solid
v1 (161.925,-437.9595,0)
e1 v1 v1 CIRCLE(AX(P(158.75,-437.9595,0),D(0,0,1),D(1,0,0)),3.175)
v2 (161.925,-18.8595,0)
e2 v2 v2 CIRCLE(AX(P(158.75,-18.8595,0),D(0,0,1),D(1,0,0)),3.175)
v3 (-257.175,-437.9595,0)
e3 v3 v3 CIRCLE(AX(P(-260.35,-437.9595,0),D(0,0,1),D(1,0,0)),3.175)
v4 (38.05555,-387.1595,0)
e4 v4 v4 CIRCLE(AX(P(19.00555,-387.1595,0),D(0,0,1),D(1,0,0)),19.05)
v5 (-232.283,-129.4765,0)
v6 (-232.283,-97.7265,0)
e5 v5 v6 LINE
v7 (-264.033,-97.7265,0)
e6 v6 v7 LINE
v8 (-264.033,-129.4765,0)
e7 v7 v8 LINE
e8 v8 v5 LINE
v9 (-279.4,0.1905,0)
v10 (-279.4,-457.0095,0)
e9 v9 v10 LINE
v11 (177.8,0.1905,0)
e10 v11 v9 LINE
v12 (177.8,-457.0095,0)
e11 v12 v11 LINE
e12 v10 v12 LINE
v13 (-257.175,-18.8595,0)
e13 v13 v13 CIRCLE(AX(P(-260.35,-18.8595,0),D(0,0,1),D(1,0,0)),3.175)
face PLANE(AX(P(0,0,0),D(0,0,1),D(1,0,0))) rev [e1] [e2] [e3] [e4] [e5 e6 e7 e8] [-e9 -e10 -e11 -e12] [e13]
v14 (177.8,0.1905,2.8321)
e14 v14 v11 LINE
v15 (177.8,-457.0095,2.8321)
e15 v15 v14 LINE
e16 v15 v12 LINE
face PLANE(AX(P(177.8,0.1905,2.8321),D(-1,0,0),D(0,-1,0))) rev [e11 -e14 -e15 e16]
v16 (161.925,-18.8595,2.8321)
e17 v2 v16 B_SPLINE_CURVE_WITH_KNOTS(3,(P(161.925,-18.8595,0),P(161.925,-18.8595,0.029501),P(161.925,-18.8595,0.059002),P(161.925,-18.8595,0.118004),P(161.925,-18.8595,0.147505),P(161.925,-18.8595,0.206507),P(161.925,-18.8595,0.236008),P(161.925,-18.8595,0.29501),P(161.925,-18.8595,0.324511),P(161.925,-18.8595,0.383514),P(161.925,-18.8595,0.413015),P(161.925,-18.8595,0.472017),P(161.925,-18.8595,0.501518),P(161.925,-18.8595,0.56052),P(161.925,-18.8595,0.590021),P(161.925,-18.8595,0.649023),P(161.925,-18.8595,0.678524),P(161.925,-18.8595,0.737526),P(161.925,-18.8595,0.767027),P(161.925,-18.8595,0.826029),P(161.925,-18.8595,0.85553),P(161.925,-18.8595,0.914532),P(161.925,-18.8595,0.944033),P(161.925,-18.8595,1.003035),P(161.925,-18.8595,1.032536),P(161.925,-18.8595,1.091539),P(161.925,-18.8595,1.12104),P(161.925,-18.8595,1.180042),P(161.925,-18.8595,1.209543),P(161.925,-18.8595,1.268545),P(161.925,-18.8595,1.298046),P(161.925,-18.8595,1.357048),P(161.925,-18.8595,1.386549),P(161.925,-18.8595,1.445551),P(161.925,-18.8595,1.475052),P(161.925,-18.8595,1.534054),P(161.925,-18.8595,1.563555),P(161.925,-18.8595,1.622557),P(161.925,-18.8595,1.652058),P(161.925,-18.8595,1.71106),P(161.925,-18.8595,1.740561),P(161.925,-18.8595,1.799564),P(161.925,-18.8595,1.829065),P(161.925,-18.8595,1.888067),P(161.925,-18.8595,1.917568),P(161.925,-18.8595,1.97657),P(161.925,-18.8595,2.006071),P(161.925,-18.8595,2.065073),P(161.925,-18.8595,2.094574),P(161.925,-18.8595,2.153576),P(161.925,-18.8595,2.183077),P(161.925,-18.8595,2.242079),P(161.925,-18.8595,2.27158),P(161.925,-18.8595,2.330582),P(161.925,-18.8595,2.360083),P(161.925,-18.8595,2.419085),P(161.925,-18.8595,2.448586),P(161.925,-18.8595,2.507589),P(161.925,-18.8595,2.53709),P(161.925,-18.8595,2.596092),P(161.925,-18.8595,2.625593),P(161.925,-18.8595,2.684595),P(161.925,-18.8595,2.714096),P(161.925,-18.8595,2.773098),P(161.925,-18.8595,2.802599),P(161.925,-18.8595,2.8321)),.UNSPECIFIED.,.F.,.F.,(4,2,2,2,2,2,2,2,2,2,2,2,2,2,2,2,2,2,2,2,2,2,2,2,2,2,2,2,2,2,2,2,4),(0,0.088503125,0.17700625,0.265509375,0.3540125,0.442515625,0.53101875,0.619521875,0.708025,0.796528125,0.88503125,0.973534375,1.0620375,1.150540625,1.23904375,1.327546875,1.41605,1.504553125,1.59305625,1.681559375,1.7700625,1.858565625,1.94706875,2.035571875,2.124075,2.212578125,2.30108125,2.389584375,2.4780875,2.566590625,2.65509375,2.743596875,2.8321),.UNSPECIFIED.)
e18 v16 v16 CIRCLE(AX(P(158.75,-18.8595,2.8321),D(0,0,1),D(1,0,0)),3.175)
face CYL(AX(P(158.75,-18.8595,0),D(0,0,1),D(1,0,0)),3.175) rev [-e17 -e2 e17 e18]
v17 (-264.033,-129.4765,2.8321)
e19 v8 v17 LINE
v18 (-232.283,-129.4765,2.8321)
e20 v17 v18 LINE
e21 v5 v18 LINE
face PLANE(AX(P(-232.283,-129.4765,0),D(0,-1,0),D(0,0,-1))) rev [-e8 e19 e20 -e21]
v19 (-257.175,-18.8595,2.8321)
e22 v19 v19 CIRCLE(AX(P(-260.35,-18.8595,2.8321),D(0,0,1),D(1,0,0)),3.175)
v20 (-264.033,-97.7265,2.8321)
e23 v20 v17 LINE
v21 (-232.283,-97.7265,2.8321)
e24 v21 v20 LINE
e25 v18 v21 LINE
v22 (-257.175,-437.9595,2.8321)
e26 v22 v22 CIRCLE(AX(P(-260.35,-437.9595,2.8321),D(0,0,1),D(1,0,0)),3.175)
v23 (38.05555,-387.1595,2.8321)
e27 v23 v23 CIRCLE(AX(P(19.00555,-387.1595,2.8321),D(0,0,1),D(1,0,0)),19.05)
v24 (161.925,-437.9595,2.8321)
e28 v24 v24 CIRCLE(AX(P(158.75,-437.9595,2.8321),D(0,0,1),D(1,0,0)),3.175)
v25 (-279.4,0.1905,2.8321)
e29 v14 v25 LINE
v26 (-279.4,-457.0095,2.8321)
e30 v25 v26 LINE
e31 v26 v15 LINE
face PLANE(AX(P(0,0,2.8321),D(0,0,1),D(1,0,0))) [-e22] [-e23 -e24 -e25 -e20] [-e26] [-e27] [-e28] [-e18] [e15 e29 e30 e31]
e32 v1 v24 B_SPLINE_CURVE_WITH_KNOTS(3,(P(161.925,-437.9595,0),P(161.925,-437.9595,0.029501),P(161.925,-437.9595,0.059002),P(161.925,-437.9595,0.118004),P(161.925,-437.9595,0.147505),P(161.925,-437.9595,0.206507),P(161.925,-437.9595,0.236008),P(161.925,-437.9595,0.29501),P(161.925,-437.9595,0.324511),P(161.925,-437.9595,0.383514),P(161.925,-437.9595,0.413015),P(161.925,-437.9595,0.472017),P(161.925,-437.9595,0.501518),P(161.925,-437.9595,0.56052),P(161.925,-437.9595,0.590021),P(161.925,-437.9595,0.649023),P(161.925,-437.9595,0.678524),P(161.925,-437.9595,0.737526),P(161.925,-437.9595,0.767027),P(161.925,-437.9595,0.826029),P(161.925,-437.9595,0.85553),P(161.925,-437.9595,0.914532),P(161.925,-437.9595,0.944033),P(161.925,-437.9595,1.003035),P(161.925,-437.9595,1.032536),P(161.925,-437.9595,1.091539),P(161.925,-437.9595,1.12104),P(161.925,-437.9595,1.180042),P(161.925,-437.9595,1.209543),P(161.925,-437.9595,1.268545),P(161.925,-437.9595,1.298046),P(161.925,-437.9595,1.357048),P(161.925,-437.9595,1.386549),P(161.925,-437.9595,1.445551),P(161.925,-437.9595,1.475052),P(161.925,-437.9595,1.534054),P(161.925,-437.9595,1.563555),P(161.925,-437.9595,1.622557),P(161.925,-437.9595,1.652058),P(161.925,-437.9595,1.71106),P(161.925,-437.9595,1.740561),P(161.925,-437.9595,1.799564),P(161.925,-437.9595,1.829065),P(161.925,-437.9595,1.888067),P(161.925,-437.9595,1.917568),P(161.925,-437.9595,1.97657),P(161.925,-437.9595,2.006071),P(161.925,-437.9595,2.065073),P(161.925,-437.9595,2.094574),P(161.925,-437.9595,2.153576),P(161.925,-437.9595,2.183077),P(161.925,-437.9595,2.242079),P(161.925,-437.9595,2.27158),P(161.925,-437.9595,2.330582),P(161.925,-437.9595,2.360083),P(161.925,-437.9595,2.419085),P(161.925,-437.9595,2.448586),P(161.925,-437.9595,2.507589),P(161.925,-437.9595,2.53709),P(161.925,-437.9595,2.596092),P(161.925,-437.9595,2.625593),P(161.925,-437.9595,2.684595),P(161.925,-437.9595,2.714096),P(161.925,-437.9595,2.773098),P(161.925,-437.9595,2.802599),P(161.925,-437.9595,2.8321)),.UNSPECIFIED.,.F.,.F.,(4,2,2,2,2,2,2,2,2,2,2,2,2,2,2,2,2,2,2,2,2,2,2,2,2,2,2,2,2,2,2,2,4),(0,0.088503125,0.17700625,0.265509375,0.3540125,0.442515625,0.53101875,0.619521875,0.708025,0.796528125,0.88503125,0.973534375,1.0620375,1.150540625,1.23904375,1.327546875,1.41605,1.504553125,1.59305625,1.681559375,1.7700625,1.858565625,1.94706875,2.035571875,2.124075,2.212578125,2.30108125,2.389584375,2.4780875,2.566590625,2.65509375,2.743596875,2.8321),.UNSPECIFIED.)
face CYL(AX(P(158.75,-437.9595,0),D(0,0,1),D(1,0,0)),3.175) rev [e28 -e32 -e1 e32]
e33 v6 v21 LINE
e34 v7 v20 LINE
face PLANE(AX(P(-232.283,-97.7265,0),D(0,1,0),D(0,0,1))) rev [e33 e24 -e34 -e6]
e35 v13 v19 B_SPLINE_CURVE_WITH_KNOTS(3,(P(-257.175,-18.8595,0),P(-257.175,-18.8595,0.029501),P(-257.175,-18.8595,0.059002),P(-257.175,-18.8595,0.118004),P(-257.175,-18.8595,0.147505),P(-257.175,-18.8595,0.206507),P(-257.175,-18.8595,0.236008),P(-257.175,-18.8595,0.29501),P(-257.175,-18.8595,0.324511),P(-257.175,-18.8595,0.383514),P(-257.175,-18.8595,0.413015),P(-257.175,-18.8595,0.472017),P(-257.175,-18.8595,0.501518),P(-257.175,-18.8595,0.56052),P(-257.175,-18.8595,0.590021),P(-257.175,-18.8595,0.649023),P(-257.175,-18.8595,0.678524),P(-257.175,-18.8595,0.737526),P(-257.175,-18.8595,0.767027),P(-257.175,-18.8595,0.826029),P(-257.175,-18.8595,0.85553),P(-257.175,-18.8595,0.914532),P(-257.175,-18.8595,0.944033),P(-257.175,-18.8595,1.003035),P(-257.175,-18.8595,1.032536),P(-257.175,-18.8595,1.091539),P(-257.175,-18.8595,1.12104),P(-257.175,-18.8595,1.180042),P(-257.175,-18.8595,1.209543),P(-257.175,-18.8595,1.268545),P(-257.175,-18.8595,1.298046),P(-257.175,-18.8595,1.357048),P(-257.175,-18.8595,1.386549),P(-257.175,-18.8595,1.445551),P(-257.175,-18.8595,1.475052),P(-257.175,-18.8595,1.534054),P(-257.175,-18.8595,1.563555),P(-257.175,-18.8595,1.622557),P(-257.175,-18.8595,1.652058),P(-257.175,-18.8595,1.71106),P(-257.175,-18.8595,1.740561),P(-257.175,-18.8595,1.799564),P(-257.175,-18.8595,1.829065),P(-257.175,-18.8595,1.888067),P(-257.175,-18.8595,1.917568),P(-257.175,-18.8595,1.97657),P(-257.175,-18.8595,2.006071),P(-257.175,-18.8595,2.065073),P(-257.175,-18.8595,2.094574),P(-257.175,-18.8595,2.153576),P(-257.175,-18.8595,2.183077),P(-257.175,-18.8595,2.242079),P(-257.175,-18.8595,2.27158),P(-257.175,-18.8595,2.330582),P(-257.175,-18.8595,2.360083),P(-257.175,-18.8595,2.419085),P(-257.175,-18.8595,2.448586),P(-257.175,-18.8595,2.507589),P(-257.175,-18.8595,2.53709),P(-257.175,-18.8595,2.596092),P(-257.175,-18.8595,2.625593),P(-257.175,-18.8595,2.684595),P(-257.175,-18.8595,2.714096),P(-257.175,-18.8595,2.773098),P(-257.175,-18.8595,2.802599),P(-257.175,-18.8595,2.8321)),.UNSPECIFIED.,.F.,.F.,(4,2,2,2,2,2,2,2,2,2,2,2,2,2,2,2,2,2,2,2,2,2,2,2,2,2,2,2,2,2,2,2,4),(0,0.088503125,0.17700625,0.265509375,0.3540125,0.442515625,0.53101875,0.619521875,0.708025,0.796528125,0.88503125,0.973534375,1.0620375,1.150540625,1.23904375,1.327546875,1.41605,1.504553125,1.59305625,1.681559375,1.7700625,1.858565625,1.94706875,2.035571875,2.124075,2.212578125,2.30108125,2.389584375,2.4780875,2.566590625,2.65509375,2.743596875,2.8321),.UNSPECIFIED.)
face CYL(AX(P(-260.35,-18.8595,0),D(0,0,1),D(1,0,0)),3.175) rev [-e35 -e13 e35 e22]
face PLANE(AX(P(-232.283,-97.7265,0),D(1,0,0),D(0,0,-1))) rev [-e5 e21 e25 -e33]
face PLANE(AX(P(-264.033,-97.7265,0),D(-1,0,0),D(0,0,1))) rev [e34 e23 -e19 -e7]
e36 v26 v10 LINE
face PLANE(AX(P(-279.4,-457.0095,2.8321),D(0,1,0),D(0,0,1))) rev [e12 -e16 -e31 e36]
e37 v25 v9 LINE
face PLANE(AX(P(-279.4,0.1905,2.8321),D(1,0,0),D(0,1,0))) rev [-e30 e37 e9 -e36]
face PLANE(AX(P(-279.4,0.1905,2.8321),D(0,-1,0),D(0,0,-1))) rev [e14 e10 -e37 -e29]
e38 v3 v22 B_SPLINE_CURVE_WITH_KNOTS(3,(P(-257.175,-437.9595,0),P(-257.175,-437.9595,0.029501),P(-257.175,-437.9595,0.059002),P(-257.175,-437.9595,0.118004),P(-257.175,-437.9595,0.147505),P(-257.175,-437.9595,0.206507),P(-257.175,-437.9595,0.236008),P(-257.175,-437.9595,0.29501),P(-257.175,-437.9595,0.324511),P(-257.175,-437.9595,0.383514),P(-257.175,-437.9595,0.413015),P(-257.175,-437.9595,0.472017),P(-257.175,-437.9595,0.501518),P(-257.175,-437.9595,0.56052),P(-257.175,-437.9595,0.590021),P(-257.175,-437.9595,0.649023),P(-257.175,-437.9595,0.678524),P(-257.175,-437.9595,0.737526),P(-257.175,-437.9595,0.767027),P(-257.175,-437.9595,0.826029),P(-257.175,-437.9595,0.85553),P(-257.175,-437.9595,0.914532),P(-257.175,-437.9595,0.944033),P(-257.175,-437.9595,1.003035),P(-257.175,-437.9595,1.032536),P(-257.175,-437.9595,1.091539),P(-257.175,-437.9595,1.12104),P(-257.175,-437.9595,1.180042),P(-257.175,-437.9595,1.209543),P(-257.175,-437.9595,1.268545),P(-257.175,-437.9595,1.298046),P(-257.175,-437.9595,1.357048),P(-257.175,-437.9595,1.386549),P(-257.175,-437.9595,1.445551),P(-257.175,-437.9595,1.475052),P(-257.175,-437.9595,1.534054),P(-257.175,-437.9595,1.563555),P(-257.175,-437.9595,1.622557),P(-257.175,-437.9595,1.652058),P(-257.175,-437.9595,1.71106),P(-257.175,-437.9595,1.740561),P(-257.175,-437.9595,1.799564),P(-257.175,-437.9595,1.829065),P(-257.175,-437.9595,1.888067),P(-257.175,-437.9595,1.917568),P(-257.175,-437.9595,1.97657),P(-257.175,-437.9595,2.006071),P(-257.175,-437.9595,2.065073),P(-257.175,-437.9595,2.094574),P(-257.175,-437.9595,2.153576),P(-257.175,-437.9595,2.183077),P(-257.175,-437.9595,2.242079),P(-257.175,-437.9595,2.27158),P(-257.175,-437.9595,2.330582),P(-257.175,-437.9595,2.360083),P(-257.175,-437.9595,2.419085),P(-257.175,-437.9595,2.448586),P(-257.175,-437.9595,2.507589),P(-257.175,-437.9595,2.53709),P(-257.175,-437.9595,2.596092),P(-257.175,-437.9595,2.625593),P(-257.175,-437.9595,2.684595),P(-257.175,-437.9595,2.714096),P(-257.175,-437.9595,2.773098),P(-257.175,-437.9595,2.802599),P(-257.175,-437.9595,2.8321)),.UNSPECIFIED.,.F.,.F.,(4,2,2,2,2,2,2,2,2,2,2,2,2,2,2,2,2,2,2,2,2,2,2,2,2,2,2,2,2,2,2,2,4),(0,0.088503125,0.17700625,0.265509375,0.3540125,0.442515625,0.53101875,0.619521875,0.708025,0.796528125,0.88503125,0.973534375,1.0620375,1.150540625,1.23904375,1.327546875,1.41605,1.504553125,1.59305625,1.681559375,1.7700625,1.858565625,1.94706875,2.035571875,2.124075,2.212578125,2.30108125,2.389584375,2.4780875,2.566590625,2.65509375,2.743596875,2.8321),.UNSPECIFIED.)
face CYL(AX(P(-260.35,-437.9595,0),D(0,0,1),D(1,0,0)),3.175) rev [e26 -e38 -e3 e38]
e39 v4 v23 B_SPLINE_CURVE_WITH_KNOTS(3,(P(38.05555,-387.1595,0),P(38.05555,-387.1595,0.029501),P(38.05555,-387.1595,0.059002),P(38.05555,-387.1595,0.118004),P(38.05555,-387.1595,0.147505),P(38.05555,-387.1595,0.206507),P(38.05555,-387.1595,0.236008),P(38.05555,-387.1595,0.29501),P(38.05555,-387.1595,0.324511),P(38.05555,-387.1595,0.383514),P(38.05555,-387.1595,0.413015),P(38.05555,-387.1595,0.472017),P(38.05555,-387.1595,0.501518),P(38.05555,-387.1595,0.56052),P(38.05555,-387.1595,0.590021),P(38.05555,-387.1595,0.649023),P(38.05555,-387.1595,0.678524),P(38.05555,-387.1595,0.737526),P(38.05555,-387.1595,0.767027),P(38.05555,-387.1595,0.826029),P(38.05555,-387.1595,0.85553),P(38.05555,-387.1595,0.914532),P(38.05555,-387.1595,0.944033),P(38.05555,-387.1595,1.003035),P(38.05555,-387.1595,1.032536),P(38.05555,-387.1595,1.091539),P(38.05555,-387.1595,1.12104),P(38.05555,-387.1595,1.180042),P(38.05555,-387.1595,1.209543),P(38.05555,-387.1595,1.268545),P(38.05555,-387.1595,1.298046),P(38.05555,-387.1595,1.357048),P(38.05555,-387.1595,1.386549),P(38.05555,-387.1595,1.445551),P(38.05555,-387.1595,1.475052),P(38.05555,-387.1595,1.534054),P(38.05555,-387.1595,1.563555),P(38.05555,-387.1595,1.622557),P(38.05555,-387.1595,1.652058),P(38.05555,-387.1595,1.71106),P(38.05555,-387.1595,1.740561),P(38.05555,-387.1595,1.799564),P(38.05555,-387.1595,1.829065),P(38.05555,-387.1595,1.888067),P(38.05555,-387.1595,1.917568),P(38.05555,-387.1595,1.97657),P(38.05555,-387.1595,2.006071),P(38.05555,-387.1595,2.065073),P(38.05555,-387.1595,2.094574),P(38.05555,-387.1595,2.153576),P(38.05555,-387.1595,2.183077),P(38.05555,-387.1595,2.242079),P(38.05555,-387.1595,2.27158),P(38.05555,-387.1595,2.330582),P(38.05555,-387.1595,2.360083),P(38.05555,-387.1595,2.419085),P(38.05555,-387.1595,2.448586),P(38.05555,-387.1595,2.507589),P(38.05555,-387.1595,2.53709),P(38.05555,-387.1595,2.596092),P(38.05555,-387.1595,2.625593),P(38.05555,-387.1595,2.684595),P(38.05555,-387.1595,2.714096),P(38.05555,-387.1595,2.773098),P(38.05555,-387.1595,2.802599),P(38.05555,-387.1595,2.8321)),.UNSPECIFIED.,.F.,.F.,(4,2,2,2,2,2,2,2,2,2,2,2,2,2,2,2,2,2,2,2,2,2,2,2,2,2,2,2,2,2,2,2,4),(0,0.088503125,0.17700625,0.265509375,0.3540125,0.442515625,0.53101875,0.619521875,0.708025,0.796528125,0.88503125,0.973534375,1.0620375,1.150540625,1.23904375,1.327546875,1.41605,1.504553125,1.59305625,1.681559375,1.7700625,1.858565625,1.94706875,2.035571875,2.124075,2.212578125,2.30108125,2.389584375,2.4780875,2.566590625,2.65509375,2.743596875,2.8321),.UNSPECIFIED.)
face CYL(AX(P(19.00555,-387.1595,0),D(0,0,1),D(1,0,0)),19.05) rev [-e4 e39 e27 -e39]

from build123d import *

# Parameters (mm, degrees)
SKETCH1_W           = 457.2
SKETCH1_H           = 457.2
BOSS_EXTRUDE1_DEPTH = 2.8321
SKETCH2_R           = 3.175
SKETCH2_R_2         = 19.05
SKETCH2_W           = 31.75
SKETCH2_H           = 31.75
CUT_EXTRUDE1_DEPTH  = 536.658532911


with BuildPart() as part:
    # Sketch1 → Boss-Extrude1 (new body)
    with BuildSketch(Plane.XY):
        with Locations((-50.8, -228.4095)):
            Rectangle(SKETCH1_W, SKETCH1_H)
    extrude(amount=BOSS_EXTRUDE1_DEPTH)

    # Sketch2 → Cut-Extrude1 (cut, through all)
    with BuildSketch(Plane.XY.offset(2.8321)):
        with Locations((-260.35, -18.8595)):
            Circle(SKETCH2_R)
        with Locations((-260.35, -437.9595)):
            Circle(SKETCH2_R)
        with Locations((158.75, -437.9595)):
            Circle(SKETCH2_R)
        with Locations((158.75, -18.8595)):
            Circle(SKETCH2_R)
        with Locations((19.00555, -387.1595)):
            Circle(SKETCH2_R_2)
        with Locations((-248.158, -113.6015)):
            Rectangle(SKETCH2_W, SKETCH2_H)
    extrude(amount=-CUT_EXTRUDE1_DEPTH, mode=Mode.SUBTRACT)


solid = part.part
